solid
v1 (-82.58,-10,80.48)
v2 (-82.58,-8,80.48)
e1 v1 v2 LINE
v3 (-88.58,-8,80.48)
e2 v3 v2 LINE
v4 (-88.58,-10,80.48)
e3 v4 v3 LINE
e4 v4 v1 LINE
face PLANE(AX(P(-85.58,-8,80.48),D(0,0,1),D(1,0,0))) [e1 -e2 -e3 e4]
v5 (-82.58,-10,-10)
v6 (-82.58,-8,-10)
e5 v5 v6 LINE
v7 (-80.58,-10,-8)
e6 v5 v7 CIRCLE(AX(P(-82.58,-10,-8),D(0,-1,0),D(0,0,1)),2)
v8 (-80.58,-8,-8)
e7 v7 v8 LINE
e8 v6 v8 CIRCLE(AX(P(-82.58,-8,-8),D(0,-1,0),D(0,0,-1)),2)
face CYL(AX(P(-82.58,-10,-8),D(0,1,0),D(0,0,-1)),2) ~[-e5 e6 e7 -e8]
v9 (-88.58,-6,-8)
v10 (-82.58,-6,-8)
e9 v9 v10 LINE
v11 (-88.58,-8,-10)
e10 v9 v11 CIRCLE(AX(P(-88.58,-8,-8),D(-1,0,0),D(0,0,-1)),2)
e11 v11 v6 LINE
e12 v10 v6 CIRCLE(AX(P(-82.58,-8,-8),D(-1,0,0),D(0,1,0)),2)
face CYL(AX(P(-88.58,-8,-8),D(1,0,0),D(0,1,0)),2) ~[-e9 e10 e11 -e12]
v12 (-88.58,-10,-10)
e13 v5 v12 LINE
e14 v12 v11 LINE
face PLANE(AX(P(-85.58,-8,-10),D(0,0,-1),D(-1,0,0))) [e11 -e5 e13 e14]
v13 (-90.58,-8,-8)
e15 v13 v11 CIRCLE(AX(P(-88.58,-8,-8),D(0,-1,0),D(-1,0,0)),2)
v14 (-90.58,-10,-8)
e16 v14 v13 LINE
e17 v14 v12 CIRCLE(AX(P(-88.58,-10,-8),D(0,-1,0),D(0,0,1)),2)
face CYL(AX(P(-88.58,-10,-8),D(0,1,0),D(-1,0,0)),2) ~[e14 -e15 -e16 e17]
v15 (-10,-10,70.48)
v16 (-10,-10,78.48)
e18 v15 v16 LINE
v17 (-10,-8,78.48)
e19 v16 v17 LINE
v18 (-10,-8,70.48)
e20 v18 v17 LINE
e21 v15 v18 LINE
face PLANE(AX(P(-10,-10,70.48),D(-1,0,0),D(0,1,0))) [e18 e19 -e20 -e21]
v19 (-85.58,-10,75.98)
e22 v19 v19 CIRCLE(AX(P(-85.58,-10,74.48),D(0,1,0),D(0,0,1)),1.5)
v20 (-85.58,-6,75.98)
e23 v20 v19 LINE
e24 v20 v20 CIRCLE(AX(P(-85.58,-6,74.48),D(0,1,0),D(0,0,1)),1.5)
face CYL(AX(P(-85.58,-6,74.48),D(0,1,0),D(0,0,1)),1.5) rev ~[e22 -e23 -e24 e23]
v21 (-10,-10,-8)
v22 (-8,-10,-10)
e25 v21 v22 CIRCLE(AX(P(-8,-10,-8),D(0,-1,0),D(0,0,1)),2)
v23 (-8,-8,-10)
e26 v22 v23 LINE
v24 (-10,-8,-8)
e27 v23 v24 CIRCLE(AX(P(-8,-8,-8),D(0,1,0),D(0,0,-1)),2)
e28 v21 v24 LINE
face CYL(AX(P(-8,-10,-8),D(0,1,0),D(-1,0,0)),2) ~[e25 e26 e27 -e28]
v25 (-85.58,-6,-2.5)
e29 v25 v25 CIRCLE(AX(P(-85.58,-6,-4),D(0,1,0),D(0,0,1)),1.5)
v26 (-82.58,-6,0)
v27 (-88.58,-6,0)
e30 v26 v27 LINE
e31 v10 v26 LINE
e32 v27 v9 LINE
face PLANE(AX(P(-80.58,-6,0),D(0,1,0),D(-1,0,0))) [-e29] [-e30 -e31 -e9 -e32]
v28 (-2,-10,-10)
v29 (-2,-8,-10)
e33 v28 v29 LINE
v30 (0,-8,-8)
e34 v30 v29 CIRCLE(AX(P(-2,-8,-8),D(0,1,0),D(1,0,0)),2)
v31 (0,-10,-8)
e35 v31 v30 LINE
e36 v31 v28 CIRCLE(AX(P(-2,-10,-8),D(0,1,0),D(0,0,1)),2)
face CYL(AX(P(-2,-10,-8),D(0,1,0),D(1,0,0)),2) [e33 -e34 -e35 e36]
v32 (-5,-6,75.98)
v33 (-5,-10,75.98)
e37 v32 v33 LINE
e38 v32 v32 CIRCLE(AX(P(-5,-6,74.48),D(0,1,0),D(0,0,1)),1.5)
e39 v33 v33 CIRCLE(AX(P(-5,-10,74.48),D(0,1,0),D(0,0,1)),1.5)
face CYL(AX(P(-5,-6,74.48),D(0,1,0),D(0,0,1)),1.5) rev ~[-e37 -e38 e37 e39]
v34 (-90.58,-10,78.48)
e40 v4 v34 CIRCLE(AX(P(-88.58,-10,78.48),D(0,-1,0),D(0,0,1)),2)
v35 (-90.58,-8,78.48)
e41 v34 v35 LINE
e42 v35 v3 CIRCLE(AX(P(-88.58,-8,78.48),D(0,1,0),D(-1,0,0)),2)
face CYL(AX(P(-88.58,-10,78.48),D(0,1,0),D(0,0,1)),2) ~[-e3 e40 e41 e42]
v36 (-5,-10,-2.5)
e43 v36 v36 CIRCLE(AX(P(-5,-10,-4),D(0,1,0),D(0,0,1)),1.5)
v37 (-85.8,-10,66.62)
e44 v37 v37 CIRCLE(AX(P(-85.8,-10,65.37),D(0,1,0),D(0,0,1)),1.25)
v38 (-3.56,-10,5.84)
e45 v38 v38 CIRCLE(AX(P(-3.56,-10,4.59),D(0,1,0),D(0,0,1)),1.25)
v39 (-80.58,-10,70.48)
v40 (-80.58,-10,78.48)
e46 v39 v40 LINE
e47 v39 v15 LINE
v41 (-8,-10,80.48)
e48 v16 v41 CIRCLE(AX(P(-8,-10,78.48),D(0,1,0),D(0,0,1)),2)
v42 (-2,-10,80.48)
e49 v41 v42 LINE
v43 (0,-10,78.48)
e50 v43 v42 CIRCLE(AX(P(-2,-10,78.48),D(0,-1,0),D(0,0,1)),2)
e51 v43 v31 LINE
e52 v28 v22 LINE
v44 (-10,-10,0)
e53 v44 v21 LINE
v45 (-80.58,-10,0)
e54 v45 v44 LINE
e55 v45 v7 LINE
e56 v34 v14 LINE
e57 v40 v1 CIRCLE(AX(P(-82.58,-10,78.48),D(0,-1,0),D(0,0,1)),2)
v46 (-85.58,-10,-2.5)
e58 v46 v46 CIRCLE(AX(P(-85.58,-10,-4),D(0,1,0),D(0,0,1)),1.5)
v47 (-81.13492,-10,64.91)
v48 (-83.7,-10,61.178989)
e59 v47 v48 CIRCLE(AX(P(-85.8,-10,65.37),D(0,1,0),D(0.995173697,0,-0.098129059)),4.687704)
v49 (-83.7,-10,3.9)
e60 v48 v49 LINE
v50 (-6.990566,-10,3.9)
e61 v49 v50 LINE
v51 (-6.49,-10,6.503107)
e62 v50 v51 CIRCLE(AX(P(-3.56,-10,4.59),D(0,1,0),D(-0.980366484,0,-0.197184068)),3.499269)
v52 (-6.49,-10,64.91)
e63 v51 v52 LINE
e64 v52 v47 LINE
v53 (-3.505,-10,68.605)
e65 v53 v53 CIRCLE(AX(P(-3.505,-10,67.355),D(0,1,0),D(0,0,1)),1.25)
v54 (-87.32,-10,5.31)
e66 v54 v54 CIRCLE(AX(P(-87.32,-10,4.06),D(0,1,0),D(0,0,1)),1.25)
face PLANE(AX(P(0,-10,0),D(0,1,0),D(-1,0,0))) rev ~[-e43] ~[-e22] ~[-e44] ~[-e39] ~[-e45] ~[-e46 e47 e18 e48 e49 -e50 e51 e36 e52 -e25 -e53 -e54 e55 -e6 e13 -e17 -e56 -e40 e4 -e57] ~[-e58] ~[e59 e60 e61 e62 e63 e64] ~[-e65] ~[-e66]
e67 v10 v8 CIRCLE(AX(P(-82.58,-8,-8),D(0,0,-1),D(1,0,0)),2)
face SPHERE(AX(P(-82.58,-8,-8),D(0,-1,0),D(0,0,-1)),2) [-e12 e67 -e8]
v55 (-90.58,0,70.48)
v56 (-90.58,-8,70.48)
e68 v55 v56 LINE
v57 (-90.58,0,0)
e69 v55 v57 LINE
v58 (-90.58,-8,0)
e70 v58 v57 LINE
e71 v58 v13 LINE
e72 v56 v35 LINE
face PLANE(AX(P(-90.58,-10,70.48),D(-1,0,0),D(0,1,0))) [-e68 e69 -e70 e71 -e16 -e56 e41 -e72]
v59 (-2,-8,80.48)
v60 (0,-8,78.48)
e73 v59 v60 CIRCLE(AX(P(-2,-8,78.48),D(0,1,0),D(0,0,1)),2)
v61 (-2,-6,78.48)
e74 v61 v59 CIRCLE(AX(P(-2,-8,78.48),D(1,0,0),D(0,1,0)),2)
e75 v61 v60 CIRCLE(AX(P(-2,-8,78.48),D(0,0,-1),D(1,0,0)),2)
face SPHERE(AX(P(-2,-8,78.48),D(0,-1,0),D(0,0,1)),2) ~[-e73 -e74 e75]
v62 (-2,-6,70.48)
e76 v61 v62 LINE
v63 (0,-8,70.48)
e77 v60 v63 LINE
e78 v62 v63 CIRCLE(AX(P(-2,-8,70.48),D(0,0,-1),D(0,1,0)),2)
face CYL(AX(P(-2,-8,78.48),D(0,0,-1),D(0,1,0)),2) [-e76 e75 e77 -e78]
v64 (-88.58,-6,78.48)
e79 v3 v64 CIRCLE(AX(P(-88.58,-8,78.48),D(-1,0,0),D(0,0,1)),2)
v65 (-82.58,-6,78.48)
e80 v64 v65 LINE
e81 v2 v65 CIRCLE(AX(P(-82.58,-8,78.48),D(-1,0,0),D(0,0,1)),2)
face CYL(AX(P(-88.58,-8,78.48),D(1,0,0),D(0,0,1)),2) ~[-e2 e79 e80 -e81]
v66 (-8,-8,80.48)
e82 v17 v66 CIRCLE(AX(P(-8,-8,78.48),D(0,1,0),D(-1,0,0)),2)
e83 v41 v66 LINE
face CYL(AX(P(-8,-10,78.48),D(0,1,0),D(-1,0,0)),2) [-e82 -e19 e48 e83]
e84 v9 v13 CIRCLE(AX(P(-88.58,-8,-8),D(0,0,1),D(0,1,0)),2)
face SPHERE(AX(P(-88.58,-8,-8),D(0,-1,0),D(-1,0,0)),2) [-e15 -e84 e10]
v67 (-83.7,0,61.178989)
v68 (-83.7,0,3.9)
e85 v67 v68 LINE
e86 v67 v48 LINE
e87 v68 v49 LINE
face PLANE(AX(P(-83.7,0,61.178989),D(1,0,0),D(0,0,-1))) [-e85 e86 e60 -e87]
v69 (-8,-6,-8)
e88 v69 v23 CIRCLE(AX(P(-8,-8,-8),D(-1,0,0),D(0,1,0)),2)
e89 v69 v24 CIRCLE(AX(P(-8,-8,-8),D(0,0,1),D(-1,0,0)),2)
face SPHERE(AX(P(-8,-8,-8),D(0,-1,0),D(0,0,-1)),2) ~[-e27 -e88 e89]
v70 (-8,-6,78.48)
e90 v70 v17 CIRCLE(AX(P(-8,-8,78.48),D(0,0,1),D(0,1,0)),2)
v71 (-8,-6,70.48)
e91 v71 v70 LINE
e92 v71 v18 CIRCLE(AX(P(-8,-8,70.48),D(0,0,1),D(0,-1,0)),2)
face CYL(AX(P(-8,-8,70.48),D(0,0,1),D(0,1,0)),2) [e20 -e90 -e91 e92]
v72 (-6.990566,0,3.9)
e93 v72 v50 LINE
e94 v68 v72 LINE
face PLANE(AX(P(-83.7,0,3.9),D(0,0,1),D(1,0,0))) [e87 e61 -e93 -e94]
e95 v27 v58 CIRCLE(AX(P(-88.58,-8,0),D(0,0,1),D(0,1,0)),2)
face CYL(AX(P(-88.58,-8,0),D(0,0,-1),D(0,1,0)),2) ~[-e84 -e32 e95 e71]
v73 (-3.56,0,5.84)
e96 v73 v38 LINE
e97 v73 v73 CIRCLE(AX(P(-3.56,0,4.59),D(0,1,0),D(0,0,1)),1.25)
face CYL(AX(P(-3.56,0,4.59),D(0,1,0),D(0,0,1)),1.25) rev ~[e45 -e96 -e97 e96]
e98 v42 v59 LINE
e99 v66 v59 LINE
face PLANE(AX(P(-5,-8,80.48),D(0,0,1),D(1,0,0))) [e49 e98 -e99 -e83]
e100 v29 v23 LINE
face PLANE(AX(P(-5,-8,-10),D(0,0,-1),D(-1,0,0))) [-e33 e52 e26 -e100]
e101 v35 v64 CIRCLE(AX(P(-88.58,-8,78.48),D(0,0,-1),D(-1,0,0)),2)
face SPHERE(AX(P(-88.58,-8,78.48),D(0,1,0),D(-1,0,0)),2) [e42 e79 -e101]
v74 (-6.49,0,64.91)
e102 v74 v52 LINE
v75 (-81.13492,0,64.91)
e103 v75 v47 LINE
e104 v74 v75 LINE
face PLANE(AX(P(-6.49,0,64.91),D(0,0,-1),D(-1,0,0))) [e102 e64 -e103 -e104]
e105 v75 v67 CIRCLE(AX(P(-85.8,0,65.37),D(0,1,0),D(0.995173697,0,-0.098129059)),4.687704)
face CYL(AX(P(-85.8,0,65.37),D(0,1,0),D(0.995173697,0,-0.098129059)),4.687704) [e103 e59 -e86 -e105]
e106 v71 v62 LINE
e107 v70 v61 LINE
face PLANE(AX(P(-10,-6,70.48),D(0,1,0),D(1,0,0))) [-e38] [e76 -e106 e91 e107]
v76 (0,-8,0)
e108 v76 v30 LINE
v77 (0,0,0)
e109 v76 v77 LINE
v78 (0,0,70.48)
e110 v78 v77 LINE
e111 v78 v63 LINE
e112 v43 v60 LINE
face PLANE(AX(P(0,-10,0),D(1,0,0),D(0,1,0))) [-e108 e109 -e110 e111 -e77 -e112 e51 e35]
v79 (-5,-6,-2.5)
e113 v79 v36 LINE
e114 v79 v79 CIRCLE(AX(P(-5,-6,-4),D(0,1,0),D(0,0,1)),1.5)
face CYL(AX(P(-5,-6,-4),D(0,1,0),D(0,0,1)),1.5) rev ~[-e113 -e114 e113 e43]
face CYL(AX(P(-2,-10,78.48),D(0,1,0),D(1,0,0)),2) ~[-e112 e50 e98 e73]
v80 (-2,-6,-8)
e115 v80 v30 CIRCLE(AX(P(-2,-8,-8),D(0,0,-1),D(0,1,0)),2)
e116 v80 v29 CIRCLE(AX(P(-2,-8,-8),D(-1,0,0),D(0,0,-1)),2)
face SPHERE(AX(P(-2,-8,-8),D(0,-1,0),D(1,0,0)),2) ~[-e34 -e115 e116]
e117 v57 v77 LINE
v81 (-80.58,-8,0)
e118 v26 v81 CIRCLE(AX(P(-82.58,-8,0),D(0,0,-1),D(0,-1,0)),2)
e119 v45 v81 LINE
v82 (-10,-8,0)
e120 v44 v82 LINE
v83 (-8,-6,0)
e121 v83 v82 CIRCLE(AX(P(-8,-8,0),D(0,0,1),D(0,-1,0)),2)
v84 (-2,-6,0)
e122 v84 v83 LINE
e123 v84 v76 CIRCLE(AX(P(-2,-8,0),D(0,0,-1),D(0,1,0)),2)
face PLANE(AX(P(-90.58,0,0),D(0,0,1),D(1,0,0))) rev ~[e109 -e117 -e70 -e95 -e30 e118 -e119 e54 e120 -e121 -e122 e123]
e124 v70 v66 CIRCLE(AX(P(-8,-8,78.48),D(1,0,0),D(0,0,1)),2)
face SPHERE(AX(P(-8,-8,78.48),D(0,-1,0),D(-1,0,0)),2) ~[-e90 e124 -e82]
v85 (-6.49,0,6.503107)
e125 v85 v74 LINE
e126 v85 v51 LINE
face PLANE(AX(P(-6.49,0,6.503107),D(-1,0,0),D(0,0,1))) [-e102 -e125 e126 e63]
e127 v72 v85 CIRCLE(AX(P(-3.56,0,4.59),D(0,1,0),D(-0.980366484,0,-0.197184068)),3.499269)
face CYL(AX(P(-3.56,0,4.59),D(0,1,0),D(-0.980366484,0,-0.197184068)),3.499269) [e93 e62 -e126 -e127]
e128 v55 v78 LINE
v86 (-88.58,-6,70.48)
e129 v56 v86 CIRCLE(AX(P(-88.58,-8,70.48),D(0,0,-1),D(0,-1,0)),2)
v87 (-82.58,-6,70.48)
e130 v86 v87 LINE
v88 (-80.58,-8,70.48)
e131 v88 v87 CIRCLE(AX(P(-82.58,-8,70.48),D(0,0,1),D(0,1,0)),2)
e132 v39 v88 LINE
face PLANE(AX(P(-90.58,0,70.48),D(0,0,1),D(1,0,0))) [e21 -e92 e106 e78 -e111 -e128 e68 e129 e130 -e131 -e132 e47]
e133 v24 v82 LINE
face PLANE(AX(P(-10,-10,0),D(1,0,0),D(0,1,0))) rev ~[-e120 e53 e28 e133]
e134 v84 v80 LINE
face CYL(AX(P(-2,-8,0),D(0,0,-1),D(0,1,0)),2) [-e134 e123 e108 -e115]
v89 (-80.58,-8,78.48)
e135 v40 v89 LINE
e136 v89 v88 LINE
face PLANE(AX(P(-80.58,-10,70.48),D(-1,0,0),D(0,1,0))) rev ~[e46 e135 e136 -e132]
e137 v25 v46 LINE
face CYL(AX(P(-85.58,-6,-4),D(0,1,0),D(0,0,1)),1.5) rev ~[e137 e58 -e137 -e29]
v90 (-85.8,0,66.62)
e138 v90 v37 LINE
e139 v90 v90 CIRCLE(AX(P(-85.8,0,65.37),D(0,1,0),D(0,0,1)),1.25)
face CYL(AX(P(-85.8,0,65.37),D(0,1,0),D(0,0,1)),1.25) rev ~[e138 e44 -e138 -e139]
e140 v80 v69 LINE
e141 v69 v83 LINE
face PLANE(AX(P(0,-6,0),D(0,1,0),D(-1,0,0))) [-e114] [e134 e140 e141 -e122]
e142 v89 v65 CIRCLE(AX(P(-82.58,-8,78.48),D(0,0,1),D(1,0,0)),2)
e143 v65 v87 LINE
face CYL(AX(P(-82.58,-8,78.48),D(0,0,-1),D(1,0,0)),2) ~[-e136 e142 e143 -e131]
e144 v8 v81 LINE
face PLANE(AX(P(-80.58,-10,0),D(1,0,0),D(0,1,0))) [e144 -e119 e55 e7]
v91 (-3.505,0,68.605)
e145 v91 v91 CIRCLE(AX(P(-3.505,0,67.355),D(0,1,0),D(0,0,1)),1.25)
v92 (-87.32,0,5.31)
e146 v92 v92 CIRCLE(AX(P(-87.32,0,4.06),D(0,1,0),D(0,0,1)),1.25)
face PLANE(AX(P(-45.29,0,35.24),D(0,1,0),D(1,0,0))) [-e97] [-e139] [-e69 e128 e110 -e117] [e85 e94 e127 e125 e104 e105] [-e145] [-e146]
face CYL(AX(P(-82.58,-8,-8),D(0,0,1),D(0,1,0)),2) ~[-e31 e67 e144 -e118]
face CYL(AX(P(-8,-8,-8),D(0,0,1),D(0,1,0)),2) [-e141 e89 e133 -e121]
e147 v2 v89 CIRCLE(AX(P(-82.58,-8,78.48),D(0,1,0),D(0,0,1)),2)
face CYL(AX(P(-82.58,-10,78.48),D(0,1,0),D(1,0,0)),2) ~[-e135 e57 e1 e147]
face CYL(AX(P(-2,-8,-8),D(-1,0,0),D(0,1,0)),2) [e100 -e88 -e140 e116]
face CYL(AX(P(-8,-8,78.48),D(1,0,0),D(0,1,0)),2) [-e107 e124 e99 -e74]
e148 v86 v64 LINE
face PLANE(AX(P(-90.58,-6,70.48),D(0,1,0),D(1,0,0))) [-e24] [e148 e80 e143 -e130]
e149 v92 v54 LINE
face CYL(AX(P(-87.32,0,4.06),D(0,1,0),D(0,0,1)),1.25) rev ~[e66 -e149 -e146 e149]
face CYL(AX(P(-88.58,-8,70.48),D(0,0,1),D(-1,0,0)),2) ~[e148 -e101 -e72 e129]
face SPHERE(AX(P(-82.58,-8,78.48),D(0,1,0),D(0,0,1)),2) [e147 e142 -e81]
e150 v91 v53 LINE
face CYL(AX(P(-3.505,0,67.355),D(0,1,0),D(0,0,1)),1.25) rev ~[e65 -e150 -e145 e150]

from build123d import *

# Parameters (mm, degrees)
SKETCH1_W           = 90.58
SKETCH1_H           = 70.48
SKETCH1_R           = 1.25
BOSS_EXTRUDE1_DEPTH = 10
SKETCH2_W           = 10
SKETCH2_H           = 4
BOSS_EXTRUDE2_DEPTH = 10
SKETCH3_W           = 10
SKETCH3_H           = 4
BOSS_EXTRUDE3_DEPTH = 10
FILLET2_R           = 2
FILLET3_R           = 2
CUT_EXTRUDE1_REACH  = 123.317
SKETCH4_R           = 1.5


with BuildPart() as part:
    # Sketch1 → Boss-Extrude1 (new body)
    with BuildSketch(Plane(origin=(0, 0, 0), x_dir=(1, 0, 0), z_dir=(0, 1, 0))):
        with Locations((-45.29, -35.24)):
            Rectangle(SKETCH1_W, SKETCH1_H)
        with Locations(Location((-3.505, -67.355, 0), (0, 0, 270))):
            Circle(SKETCH1_R, mode=Mode.SUBTRACT)
        with BuildLine():
            Line((-83.7, -61.178989341), (-83.7, -3.9))
            Line((-83.7, -3.9), (-6.990565569, -3.9))
            ThreePointArc((-6.990565569, -3.9), (-6.996312077, -5.25078698), (-6.49, -6.503107452))
            Line((-6.49, -6.503107452), (-6.49, -64.91))
            Line((-6.49, -64.91), (-81.134920114, -64.91))
            ThreePointArc((-81.134920114, -64.91), (-81.937140101, -62.714273406), (-83.7, -61.178989341))
        make_face(mode=Mode.SUBTRACT)
        with Locations(Location((-87.32, -4.06, 0), (0, 0, 270))):
            Circle(SKETCH1_R, mode=Mode.SUBTRACT)
        with Locations(Location((-3.56, -4.59, 0), (0, 0, 270))):
            Circle(SKETCH1_R, mode=Mode.SUBTRACT)
        with Locations(Location((-85.8, -65.37, 0), (0, 0, 270))):
            Circle(SKETCH1_R, mode=Mode.SUBTRACT)
    extrude(amount=-BOSS_EXTRUDE1_DEPTH)

    # Sketch2 → Boss-Extrude2 (add)
    with BuildSketch(Plane.XY.offset(70.48)):
        with Locations((-85.58, -8)):
            Rectangle(SKETCH2_W, SKETCH2_H)
        with Locations((-5, -8)):
            Rectangle(SKETCH2_W, SKETCH2_H)
    extrude(amount=BOSS_EXTRUDE2_DEPTH)

    # Sketch3 → Boss-Extrude3 (add)
    with BuildSketch(Plane(origin=(0, 0, 0), x_dir=(-1, 0, 0), z_dir=(0, 0, -1))):
        with Locations((5, -8)):
            Rectangle(SKETCH3_W, SKETCH3_H)
        with Locations((85.58, -8)):
            Rectangle(SKETCH3_W, SKETCH3_H)
    extrude(amount=BOSS_EXTRUDE3_DEPTH)

    # Fillet2
    fillet2_edges = [part.edges().sort_by_distance(p)[0] for p in [
        (-90.58, -8, 80.48),
        (-80.58, -8, 80.48),
        (0, -8, 80.48),
        (-10, -8, 80.48),
        (0, -8, -10),
        (-10, -8, -10),
        (-90.58, -8, -10),
        (-80.58, -8, -10),
    ]]
    fillet(fillet2_edges, radius=FILLET2_R)

    # Fillet3
    fillet3_edges = [part.edges().sort_by_distance(p)[0] for p in [
        (-85.58, -6, 80.48),
        (-90.58, -6, 74.48),
        (-80.58, -6, 74.48),
        (-89.994213562, -6, 79.894213562),
        (-81.165786438, -6, 79.894213562),
        (-90.58, -6, -4),
        (-85.58, -6, -10),
        (-80.58, -6, -4),
        (-81.165786438, -6, -9.414213562),
        (-89.994213562, -6, -9.414213562),
        (-5, -6, -10),
        (-10, -6, -4),
        (-9.414213562, -6, -9.414213562),
        (-0.585786438, -6, -9.414213562),
        (-5, -6, 80.48),
        (-10, -6, 74.48),
        (0, -6, 74.48),
        (-9.414213562, -6, 79.894213562),
        (-0.585786438, -6, 79.894213562),
        (0, -6, -4),
    ]]
    fillet(fillet3_edges, radius=FILLET3_R)

    # Sketch4 → Cut-Extrude1 (cut, up to next)
    with BuildSketch(Plane(origin=(0, -6, 0), x_dir=(1, 0, 0), z_dir=(0, 1, 0)), mode=Mode.PRIVATE) as cut_extrude1_sk1:
        with Locations(Location((-5, 4, 0), (0, 0, 270))):
            Circle(SKETCH4_R)
    cut_extrude1_tool1 = extrude(cut_extrude1_sk1.sketch, amount=-CUT_EXTRUDE1_REACH, mode=Mode.PRIVATE) & part.part
    # Sketch4 → Cut-Extrude1 (cut, up to next)
    with BuildSketch(Plane(origin=(0, -6, 0), x_dir=(1, 0, 0), z_dir=(0, 1, 0)), mode=Mode.PRIVATE) as cut_extrude1_sk2:
        with Locations(Location((-5, -74.48, 0), (0, 0, 270))):
            Circle(SKETCH4_R)
    cut_extrude1_tool2 = extrude(cut_extrude1_sk2.sketch, amount=-CUT_EXTRUDE1_REACH, mode=Mode.PRIVATE) & part.part
    # Sketch4 → Cut-Extrude1 (cut, up to next)
    with BuildSketch(Plane(origin=(0, -6, 0), x_dir=(1, 0, 0), z_dir=(0, 1, 0)), mode=Mode.PRIVATE) as cut_extrude1_sk3:
        with Locations(Location((-85.58, -74.48, 0), (0, 0, 270))):
            Circle(SKETCH4_R)
    cut_extrude1_tool3 = extrude(cut_extrude1_sk3.sketch, amount=-CUT_EXTRUDE1_REACH, mode=Mode.PRIVATE) & part.part
    # Sketch4 → Cut-Extrude1 (cut, up to next)
    with BuildSketch(Plane(origin=(0, -6, 0), x_dir=(1, 0, 0), z_dir=(0, 1, 0)), mode=Mode.PRIVATE) as cut_extrude1_sk4:
        with Locations(Location((-85.58, 4, 0), (0, 0, 270))):
            Circle(SKETCH4_R)
    cut_extrude1_tool4 = extrude(cut_extrude1_sk4.sketch, amount=-CUT_EXTRUDE1_REACH, mode=Mode.PRIVATE) & part.part
    add(cut_extrude1_tool1.solids().sort_by_distance((-5, -6, -4))[0], mode=Mode.SUBTRACT)
    add(cut_extrude1_tool2.solids().sort_by_distance((-5, -6, 74.48))[0], mode=Mode.SUBTRACT)
    add(cut_extrude1_tool3.solids().sort_by_distance((-85.58, -6, 74.48))[0], mode=Mode.SUBTRACT)
    add(cut_extrude1_tool4.solids().sort_by_distance((-85.58, -6, -4))[0], mode=Mode.SUBTRACT)


solid = part.part
